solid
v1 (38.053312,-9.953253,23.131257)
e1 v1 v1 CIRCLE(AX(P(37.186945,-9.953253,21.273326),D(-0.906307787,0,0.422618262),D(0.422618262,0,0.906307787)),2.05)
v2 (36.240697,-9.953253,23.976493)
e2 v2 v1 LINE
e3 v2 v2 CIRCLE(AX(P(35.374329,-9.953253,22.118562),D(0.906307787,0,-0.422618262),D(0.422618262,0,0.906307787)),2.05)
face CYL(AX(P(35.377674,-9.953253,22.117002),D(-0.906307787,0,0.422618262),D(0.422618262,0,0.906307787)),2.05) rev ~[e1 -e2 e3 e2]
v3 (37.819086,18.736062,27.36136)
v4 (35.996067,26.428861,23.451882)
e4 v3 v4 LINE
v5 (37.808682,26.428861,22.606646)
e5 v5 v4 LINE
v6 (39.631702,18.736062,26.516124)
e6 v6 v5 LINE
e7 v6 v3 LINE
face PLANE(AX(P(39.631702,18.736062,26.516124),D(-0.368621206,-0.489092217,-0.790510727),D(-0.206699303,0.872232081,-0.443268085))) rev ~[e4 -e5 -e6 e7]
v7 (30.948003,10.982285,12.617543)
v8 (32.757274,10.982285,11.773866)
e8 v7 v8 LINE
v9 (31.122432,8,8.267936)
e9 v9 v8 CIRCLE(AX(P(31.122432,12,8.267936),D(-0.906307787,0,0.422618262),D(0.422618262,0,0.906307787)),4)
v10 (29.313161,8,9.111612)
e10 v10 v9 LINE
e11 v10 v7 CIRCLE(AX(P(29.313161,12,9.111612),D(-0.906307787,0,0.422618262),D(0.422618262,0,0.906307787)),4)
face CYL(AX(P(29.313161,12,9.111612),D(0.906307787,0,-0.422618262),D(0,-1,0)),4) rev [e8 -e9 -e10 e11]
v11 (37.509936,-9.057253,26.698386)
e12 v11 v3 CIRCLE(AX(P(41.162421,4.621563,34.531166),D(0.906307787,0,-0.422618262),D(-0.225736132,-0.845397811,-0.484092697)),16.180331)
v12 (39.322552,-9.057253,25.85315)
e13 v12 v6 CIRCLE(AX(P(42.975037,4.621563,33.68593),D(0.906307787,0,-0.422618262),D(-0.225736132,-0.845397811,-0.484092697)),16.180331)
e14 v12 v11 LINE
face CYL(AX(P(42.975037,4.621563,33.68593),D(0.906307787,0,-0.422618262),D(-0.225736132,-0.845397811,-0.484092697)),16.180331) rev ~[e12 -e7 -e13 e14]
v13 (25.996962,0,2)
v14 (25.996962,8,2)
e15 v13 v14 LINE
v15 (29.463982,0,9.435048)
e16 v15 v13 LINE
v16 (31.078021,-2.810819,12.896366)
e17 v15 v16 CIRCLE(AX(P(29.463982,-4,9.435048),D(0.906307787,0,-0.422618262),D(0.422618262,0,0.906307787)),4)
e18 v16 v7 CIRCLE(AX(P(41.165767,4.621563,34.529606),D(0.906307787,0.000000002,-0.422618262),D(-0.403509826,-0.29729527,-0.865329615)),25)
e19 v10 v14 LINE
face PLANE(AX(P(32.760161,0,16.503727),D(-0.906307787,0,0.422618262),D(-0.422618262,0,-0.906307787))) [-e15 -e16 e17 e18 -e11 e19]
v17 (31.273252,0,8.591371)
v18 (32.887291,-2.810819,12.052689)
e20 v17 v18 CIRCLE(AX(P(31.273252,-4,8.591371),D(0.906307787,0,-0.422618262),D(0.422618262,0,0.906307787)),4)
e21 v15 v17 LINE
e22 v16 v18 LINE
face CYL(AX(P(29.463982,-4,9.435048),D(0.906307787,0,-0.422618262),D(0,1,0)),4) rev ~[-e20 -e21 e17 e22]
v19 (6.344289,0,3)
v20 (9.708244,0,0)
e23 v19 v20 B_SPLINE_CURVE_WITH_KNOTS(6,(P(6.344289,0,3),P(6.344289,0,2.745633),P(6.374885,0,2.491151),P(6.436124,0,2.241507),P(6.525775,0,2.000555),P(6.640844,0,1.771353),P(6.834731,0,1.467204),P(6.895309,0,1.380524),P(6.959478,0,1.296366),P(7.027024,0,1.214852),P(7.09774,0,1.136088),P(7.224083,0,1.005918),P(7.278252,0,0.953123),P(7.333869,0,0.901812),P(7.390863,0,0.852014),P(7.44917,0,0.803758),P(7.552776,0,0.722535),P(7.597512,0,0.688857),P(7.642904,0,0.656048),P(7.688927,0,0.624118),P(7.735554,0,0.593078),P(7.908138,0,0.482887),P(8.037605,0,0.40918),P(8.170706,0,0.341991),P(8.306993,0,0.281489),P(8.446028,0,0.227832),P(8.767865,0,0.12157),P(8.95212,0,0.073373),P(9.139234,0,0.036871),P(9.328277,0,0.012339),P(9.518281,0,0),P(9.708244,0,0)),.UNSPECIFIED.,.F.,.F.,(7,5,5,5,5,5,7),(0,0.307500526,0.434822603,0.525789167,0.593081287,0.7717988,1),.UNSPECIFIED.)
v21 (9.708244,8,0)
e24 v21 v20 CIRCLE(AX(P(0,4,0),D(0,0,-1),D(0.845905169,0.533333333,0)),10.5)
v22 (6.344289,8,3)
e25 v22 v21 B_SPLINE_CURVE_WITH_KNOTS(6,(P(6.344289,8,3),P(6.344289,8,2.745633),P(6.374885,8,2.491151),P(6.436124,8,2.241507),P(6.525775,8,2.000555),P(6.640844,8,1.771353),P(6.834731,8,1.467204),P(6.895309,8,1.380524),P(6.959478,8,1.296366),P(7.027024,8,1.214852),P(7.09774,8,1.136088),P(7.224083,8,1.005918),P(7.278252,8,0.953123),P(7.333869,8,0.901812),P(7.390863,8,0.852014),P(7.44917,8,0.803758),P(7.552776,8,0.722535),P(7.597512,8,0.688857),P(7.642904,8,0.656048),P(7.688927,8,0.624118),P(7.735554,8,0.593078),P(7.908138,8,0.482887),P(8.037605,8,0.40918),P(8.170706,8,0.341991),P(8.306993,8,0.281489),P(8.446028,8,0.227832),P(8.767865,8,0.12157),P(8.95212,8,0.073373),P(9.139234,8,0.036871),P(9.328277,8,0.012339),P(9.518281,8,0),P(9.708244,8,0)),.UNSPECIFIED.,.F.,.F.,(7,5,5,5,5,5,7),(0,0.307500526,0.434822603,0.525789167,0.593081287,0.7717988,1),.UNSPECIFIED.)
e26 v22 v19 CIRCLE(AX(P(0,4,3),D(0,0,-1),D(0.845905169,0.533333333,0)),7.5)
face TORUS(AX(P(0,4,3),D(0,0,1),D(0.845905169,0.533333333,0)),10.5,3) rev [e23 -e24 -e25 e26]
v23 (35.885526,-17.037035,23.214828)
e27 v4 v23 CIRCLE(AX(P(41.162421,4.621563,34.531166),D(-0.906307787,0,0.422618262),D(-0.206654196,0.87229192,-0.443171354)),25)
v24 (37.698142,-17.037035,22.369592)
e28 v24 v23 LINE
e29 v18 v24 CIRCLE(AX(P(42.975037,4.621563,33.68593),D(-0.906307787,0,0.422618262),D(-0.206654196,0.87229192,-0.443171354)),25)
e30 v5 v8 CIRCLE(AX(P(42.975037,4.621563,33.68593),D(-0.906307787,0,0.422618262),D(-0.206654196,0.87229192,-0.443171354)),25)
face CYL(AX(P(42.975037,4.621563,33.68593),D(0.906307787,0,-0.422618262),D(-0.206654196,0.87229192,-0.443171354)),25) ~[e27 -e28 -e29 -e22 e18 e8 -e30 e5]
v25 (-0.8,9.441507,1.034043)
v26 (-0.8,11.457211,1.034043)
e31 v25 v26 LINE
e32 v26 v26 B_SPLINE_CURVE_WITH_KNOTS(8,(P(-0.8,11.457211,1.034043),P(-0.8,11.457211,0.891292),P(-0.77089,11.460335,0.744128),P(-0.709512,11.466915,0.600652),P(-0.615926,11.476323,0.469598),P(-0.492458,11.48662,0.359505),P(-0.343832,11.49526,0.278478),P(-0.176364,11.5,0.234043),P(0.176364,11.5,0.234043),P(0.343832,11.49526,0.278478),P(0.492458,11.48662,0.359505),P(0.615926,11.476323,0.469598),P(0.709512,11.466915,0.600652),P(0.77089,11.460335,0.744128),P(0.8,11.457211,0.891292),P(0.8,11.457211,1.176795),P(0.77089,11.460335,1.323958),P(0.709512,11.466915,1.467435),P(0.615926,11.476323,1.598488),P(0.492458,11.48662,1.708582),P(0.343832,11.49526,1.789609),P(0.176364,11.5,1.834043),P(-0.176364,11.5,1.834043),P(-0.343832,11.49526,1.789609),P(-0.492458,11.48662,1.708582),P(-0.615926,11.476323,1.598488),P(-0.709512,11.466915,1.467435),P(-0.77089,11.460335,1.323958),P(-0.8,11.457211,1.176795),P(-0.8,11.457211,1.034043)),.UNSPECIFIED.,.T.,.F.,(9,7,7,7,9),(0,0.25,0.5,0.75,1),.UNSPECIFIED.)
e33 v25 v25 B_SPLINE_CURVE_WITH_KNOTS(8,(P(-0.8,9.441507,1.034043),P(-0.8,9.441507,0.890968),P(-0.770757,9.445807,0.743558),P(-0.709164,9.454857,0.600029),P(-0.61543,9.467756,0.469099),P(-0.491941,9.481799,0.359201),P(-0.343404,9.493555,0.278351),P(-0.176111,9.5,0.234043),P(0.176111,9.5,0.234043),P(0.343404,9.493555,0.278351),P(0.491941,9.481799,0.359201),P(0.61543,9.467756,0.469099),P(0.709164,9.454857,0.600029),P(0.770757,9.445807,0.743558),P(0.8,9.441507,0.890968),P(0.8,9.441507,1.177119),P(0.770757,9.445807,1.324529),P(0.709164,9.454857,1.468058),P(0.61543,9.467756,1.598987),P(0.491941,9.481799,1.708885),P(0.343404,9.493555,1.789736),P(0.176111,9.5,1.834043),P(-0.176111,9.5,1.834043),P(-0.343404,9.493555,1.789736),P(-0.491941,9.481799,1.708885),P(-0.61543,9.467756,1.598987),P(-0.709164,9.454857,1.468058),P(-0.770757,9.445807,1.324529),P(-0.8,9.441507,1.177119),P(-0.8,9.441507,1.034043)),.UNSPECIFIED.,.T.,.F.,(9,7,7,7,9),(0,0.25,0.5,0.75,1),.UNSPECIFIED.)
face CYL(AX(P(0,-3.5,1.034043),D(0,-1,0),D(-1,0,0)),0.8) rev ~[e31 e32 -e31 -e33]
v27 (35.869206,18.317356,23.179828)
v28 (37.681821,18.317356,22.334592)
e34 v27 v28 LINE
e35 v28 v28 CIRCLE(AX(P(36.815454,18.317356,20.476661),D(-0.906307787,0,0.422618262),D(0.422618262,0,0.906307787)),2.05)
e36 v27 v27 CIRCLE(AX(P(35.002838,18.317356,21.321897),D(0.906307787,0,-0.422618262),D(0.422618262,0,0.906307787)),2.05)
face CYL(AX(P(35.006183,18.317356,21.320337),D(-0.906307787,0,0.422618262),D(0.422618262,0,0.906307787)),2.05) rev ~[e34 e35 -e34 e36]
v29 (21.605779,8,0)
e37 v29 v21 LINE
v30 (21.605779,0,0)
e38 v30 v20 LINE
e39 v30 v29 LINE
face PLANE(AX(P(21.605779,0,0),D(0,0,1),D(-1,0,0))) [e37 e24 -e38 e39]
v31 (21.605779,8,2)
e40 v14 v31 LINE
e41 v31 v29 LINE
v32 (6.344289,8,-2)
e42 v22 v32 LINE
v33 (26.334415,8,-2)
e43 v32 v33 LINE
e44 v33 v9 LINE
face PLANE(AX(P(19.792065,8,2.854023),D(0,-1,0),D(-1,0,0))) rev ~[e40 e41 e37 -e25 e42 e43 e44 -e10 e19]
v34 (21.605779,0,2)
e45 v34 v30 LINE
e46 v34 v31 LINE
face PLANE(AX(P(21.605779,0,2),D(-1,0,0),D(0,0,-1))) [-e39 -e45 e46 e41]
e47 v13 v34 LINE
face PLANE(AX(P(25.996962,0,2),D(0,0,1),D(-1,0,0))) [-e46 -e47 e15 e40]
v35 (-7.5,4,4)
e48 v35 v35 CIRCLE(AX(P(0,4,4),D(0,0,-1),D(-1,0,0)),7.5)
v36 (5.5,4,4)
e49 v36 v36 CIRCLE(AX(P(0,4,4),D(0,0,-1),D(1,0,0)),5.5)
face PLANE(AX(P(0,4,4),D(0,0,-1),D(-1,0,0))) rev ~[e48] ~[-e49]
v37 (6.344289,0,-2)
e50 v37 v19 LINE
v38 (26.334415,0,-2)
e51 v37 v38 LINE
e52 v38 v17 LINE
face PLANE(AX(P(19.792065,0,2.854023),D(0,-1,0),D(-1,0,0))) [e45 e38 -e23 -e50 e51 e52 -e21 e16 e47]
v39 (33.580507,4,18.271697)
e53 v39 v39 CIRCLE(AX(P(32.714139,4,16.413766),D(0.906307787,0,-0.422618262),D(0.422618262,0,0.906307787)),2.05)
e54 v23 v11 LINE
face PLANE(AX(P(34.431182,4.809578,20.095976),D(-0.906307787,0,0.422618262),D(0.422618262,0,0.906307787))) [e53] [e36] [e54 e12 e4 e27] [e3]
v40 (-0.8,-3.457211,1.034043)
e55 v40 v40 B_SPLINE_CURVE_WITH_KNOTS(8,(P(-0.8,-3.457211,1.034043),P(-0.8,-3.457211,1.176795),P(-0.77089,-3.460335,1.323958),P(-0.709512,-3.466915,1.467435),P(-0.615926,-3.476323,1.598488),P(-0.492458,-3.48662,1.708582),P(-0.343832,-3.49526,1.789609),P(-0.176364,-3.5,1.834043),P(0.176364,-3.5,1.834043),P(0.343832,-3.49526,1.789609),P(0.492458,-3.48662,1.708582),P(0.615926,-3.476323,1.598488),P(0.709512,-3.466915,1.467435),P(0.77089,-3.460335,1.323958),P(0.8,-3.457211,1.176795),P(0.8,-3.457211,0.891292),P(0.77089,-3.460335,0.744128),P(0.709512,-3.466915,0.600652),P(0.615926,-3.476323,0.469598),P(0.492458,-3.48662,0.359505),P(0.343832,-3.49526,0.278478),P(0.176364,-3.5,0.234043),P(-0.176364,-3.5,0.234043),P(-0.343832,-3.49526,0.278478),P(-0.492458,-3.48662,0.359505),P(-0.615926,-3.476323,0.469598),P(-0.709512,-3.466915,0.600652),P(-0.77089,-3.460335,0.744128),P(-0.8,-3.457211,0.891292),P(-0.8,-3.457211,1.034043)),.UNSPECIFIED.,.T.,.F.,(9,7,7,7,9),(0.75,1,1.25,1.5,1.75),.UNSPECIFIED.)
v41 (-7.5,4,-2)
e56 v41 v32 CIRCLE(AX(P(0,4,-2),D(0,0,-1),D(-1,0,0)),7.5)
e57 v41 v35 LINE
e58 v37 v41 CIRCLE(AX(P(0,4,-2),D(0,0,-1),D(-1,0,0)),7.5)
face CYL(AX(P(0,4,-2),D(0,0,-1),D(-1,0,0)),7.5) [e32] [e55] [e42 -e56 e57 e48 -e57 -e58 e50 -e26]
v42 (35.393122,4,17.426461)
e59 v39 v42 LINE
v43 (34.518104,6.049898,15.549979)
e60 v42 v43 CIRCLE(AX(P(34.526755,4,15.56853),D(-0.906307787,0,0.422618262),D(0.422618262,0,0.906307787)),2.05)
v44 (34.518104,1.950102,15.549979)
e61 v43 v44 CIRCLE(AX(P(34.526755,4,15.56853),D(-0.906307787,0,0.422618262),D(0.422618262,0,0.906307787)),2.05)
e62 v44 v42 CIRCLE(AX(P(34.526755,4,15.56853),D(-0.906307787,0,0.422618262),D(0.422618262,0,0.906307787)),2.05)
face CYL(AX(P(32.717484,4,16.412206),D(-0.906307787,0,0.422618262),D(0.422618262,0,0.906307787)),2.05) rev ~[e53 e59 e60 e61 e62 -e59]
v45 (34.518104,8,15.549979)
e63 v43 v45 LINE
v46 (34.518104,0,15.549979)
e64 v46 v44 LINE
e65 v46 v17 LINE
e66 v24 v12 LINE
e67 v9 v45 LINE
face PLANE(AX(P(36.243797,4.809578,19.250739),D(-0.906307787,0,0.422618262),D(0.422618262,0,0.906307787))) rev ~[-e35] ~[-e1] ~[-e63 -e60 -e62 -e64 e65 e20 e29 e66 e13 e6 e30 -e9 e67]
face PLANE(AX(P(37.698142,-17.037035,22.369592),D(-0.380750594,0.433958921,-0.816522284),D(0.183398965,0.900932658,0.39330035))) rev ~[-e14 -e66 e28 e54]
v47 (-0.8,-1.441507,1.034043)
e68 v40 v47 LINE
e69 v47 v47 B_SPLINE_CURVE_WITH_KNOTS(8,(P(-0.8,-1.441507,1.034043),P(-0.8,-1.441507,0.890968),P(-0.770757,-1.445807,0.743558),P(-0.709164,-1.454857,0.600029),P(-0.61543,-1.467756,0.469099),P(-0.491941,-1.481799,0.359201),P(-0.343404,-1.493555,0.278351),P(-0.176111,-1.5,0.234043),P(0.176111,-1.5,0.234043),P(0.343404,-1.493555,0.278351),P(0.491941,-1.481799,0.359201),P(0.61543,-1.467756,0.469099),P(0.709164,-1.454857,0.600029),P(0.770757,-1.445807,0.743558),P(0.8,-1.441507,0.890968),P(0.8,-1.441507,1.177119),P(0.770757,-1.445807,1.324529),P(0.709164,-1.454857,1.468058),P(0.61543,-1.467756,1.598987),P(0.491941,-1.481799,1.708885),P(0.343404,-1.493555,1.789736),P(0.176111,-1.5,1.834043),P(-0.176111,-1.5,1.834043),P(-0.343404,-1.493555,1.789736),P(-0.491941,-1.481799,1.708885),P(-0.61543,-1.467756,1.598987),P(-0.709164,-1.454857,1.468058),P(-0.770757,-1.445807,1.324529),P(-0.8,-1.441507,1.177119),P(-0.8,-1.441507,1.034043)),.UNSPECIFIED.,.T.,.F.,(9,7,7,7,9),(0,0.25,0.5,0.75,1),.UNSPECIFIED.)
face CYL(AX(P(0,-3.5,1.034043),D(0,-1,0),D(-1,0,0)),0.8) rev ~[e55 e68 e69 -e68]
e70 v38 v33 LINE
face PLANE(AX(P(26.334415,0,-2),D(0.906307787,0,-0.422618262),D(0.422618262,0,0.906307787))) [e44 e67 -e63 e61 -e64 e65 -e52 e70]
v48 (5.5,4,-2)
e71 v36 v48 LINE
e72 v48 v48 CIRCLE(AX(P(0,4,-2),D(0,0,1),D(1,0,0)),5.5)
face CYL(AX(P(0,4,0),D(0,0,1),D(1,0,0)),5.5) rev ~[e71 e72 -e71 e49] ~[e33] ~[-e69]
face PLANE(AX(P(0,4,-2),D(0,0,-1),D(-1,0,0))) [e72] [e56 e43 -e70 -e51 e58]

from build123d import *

# Parameters (mm, degrees)
BOSS_EXTRUDE1_DEPTH     = 8
BOSS_EXTRUDE2_DEPTH     = 2
SKETCH3_R               = 2.05
CUT_EXTRUDE3_DEPTH      = 10
CUT_EXTRUDE3_DEPTH_BACK = 10
FILLET2_R               = 4
SKETCH6_R               = 7.5
BOSS_EXTRUDE3_DEPTH     = 6
SKETCH2_R               = 5.5
CUT_EXTRUDE4_DEPTH      = 28.361360249
CUT_EXTRUDE4_DEPTH_BACK = 3
SKETCH8_R               = 0.8
CUT_EXTRUDE5_DEPTH      = 30.928860828
FILLET3_R               = 3


with BuildPart() as part:
    # Sketch1 → Boss-Extrude1 (new body)
    with BuildSketch(Plane(origin=(0, 0, 0), x_dir=(1, 0, 0), z_dir=(0, 1, 0))):
        Polygon((0, 0), (0, 2), (26.334414729, 2), (34.518104392, -15.549979118), (32.760161227, -16.503727422), (25.996962058, -2), (21.605779457, -2), (21.605779457, 0), align=None)
    extrude(amount=BOSS_EXTRUDE1_DEPTH)

    # Sketch5 → Boss-Extrude2 (add)
    with BuildSketch(Plane(origin=(22.396969556, 0, -10.443878423), x_dir=(-0.422618262, 0, -0.906307787), z_dir=(0.906307787, 0, -0.422618262))):
        with BuildLine():
            Line((-40.780850255, 18.736062391), (-36.467218683, 26.428860828))
            ThreePointArc((-36.467218683, 26.428860828), (-23.692308478, 4.771999965), (-36.205658542, -17.037035395))
            Line((-36.205658542, -17.037035395), (-40.049339329, -9.057253488))
            ThreePointArc((-40.049339329, -9.057253488), (-32.517126315, 5.047276383), (-40.780850255, 18.736062391))
        make_face()
    extrude(amount=-BOSS_EXTRUDE2_DEPTH)

    # Sketch3 → Cut-Extrude3 (cut, two sides)
    with BuildSketch(Plane(origin=(20.587699136, 0, -9.600201771), x_dir=(0.422618262, 0, 0.906307787), z_dir=(-0.906307787, 0, 0.422618262))) as cut_extrude3_sk:
        with Locations((28.701516689, 4)):
            Circle(SKETCH3_R)
        with Locations((34.117040182, 18.317355913)):
            Circle(SKETCH3_R)
        with Locations((48.070293023, 24.611901983)):
            Circle(SKETCH3_R)
        with Locations((62.387648936, 19.19637849)):
            Circle(SKETCH3_R)
        with Locations((68.682195005, 5.243125649)):
            Circle(SKETCH3_R)
        with Locations((63.266671512, -9.074230264)):
            Circle(SKETCH3_R)
        with Locations((49.313418672, -15.368776333)):
            Circle(SKETCH3_R)
        with Locations((34.996062759, -9.953252841)):
            Circle(SKETCH3_R)
    extrude(amount=CUT_EXTRUDE3_DEPTH, mode=Mode.SUBTRACT)
    extrude(cut_extrude3_sk.sketch, amount=-CUT_EXTRUDE3_DEPTH_BACK, mode=Mode.SUBTRACT)

    # Fillet2
    fillet2_edges = [part.edges().sort_by_distance(p)[0] for p in [
        (31.687047343, 0, 11.840592477),
        (31.60186373, 8, 11.657915631),
    ]]
    fillet(fillet2_edges, radius=FILLET2_R)

    # Sketch6 → Boss-Extrude3 (add)
    with BuildSketch(Plane(origin=(0, 0, -2), x_dir=(-1, 0, 0), z_dir=(0, 0, -1))):
        with Locations((0, 4)):
            Circle(SKETCH6_R)
    extrude(amount=-BOSS_EXTRUDE3_DEPTH)

    # Sketch2 → Cut-Extrude4 (cut, two sides)
    with BuildSketch(Plane.XY) as cut_extrude4_sk:
        with Locations((0, 4)):
            Circle(SKETCH2_R)
    extrude(amount=CUT_EXTRUDE4_DEPTH, mode=Mode.SUBTRACT)
    extrude(cut_extrude4_sk.sketch, amount=-CUT_EXTRUDE4_DEPTH_BACK, mode=Mode.SUBTRACT)

    # Sketch8 → Cut-Extrude5 (cut, through all)
    with BuildSketch(Plane(origin=(0, -3.5, 0), x_dir=(-1, 0, 0), z_dir=(0, -1, 0))):
        with Locations((0, -1.034043254)):
            Circle(SKETCH8_R)
    extrude(amount=-CUT_EXTRUDE5_DEPTH, mode=Mode.SUBTRACT)

    # Fillet3
    fillet3_edges = [part.edges().sort_by_distance(p)[0] for p in [
        (7.5, 4, 0),
    ]]
    fillet(fillet3_edges, radius=FILLET3_R)


solid = part.part
